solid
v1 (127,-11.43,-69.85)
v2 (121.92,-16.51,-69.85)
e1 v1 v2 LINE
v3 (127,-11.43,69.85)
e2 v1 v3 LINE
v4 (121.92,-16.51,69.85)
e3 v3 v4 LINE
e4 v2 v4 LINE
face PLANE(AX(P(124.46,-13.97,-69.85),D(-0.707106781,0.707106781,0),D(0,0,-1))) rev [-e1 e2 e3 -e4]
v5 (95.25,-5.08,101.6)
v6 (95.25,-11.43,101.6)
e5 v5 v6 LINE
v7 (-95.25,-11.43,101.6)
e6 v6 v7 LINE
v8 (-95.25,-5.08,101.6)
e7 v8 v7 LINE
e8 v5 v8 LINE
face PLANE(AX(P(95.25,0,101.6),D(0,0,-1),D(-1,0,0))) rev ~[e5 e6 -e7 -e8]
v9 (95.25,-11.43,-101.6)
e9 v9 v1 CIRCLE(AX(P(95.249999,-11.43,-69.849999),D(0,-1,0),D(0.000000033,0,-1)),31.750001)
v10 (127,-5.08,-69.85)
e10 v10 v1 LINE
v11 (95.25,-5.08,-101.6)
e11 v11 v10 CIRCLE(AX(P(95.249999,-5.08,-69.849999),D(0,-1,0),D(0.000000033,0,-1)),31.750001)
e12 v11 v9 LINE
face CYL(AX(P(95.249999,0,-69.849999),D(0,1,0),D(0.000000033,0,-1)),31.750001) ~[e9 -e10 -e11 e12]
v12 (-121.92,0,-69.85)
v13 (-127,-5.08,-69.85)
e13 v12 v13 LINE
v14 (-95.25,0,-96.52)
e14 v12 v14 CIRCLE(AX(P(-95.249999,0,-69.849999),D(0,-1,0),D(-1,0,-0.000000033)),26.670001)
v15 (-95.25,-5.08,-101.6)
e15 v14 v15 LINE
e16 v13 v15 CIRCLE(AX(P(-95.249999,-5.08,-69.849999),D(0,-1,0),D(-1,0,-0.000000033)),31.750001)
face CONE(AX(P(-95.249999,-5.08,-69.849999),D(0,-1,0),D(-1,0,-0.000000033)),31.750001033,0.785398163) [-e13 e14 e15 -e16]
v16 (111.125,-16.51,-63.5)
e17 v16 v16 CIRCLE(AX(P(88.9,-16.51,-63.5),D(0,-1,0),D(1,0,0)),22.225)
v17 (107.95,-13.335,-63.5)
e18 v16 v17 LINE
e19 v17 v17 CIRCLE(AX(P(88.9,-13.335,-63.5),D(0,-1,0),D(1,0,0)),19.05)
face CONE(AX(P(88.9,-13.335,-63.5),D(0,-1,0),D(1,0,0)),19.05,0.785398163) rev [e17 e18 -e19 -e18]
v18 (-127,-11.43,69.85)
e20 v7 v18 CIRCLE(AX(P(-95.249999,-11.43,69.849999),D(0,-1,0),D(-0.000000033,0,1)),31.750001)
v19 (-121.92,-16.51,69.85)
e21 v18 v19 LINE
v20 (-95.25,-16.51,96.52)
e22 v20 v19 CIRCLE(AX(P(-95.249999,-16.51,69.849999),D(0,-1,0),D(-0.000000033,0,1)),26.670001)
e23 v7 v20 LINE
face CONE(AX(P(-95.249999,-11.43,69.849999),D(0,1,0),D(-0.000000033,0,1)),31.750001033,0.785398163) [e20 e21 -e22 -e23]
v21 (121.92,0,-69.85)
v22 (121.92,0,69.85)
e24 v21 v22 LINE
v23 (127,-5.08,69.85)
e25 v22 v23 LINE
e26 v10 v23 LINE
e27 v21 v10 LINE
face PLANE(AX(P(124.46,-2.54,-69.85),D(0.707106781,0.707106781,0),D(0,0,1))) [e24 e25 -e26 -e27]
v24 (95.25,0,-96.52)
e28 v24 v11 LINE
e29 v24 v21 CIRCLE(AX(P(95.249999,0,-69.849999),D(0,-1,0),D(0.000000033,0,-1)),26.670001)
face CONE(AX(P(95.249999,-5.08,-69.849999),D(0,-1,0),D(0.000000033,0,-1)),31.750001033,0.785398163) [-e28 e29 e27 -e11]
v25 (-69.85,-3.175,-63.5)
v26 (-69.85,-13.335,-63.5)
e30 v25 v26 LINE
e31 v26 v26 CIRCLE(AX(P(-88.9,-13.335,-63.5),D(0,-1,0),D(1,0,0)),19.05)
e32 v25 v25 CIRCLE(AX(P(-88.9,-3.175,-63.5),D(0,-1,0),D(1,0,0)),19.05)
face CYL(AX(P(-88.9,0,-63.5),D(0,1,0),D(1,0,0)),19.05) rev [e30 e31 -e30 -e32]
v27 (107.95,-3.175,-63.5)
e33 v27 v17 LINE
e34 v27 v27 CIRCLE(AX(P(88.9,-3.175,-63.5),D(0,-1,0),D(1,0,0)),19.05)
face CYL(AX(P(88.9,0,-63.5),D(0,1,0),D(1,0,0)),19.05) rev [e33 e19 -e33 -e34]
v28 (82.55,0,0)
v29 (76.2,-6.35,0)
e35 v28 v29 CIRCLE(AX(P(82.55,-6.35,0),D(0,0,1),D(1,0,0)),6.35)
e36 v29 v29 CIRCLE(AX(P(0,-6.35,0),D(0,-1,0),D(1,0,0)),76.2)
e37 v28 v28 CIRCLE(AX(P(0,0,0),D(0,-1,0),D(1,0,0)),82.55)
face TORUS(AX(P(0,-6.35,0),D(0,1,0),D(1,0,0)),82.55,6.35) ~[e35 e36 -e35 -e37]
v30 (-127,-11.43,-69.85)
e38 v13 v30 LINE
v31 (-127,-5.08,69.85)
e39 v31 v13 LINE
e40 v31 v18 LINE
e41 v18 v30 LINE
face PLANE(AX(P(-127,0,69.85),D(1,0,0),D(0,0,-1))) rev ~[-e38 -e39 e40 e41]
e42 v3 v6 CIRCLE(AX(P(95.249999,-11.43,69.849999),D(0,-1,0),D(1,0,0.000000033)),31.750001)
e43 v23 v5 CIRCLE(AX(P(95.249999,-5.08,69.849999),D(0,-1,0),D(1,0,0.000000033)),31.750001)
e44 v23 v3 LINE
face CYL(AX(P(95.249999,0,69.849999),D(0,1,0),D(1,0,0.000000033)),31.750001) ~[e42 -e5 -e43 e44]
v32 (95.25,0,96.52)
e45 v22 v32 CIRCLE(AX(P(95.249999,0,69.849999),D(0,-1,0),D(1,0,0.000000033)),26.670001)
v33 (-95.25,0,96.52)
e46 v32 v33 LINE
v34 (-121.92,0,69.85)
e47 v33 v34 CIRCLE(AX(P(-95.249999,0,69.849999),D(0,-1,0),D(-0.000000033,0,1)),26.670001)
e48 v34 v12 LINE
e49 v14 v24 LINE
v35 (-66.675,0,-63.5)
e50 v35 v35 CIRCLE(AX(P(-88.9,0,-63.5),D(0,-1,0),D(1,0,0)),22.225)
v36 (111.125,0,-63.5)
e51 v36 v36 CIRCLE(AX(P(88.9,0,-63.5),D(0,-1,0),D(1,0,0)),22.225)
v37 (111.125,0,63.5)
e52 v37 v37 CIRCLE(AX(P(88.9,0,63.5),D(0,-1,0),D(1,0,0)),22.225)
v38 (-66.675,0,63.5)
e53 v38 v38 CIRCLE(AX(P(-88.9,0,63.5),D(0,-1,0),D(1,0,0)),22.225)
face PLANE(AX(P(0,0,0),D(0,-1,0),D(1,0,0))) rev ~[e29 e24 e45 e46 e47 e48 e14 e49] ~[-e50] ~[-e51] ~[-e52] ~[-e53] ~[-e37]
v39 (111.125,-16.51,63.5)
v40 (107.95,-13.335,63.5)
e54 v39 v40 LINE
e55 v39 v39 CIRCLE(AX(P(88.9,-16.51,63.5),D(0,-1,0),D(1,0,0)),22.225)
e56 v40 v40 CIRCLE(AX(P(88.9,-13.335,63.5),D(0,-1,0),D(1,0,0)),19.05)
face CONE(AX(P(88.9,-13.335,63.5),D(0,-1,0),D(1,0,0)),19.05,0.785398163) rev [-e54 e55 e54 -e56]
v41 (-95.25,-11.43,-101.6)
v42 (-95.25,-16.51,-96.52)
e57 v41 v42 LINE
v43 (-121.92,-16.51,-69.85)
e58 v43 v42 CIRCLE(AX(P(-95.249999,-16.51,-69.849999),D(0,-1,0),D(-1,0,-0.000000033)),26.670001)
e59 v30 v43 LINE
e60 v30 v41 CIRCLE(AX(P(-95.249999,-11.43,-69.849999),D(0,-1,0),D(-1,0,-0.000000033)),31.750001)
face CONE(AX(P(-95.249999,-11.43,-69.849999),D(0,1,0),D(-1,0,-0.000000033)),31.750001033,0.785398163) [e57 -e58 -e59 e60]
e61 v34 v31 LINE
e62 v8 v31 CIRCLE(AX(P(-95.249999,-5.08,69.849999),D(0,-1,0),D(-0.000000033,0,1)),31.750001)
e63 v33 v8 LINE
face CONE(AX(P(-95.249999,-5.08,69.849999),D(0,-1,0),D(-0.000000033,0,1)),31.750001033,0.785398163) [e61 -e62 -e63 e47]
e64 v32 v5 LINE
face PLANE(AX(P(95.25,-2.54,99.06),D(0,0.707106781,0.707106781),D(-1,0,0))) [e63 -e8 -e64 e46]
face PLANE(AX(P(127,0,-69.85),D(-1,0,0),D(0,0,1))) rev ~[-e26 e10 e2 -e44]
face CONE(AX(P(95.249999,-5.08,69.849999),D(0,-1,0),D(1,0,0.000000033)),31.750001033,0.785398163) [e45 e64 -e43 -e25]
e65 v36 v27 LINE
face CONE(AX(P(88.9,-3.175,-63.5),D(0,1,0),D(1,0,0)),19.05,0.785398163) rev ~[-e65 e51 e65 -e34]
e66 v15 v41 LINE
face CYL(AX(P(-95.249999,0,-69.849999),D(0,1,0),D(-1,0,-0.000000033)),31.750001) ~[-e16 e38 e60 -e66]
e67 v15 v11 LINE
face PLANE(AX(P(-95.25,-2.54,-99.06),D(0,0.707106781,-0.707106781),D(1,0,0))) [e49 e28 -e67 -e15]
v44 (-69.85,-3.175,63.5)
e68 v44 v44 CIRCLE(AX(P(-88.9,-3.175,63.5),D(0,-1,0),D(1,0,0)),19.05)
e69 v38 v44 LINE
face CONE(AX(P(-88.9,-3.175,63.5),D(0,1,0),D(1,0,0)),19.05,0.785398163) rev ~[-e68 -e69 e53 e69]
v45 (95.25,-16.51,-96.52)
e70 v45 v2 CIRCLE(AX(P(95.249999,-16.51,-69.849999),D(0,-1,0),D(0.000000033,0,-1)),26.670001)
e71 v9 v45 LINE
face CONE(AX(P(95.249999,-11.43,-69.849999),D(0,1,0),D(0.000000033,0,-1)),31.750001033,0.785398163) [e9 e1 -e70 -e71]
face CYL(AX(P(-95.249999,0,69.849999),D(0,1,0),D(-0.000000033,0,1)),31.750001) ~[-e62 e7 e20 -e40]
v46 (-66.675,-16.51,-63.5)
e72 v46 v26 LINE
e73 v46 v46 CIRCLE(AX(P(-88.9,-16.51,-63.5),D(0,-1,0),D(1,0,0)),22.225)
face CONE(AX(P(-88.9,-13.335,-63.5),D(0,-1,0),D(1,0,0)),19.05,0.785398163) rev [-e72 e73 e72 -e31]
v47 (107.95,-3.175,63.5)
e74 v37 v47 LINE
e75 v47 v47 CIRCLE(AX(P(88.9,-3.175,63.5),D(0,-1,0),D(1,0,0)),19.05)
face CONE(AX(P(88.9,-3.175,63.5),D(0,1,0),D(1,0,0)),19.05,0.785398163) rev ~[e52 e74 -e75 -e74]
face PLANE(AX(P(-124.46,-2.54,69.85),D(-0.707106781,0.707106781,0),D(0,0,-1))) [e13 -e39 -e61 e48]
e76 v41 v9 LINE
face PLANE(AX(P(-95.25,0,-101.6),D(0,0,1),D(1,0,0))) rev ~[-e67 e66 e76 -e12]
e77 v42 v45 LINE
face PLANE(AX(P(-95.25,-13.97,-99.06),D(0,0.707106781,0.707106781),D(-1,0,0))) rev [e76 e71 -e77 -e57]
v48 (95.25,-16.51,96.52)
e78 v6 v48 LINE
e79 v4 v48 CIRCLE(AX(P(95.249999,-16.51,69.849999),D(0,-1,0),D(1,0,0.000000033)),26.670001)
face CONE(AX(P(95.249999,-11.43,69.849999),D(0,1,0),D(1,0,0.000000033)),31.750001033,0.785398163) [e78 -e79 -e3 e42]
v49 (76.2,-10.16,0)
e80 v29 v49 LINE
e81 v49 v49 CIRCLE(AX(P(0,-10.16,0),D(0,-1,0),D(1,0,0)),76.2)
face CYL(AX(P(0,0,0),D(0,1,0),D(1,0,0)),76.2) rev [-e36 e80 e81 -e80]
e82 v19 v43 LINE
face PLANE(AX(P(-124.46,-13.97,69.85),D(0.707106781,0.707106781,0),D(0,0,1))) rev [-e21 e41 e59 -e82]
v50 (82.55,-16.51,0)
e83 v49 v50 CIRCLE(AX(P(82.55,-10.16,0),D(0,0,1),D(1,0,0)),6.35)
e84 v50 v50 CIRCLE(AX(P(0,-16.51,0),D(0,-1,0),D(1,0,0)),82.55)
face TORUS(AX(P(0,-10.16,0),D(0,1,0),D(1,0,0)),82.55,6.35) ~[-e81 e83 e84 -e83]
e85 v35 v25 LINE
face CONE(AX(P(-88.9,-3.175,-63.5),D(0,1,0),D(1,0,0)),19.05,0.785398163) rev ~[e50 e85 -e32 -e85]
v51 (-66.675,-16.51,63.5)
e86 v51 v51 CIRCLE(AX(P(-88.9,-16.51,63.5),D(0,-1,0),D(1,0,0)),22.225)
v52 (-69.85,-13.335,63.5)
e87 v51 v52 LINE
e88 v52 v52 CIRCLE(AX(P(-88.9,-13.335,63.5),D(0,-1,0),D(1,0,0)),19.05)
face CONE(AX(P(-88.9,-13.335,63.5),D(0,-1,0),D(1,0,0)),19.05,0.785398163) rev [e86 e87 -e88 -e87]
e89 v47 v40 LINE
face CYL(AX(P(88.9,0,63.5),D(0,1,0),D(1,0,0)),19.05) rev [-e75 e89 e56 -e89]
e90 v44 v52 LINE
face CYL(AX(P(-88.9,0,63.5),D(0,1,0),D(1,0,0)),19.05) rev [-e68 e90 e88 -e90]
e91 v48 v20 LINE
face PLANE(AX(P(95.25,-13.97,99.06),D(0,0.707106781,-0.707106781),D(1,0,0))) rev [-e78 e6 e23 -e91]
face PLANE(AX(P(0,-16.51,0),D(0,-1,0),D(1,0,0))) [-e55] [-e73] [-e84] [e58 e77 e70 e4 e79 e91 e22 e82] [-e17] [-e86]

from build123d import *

# Parameters (mm, degrees)
F0_R     = 19.05
F0_R_2   = 76.2
F1_DEPTH = 16.51
F2_SIZE  = 5.08
F3_SIZE  = 5.08
F4_SIZE  = 3.175
F5_R     = 6.35


with BuildPart() as f1:
    # F0 (on Front) → F1 (new body)
    with BuildSketch(Plane.XZ):
        with BuildLine():
            Line((95.25, 101.6), (-95.25, 101.6))
            ThreePointArc((-95.25, 101.6), (-117.70064, 92.30064), (-127, 69.85))
            Line((-127, 69.85), (-127, -69.85))
            ThreePointArc((-127, -69.85), (-117.70064, -92.30064), (-95.25, -101.6))
            Line((-95.25, -101.6), (95.25, -101.6))
            ThreePointArc((95.25, -101.6), (117.70064, -92.30064), (127, -69.85))
            Line((127, -69.85), (127, 69.85))
            ThreePointArc((127, 69.85), (117.70064, 92.30064), (95.25, 101.6))
        make_face()
        with Locations((-88.9, -63.5)):
            Circle(F0_R, mode=Mode.SUBTRACT)
        with Locations((88.9, -63.5)):
            Circle(F0_R, mode=Mode.SUBTRACT)
        Circle(F0_R_2, mode=Mode.SUBTRACT)
        with Locations((-88.9, 63.5)):
            Circle(F0_R, mode=Mode.SUBTRACT)
        with Locations((88.9, 63.5)):
            Circle(F0_R, mode=Mode.SUBTRACT)
    extrude(amount=F1_DEPTH)

    # F2
    f2_edges = [f1.edges().sort_by_distance(p)[0] for p in [
        (0, -16.51, 101.6),
        (-117.70064, -16.51, 92.30064),
    ]]
    chamfer(f2_edges, length=F2_SIZE)

    # F3
    f3_edges = [f1.edges().sort_by_distance(p)[0] for p in [
        (127, 0, 0),
    ]]
    chamfer(f3_edges, length=F3_SIZE)

    # F4
    f4_edges = [f1.edges().sort_by_distance(p)[0] for p in [
        (-107.95, -16.51, 63.5),
        (69.85, -16.51, 63.5),
        (69.85, -16.51, -63.5),
        (-107.95, -16.51, -63.5),
        (-107.95, 0, 63.5),
        (69.85, 0, 63.5),
        (69.85, 0, -63.5),
        (-107.95, 0, -63.5),
    ]]
    chamfer(f4_edges, length=F4_SIZE)

    # F5
    f5_edges = [f1.edges().sort_by_distance(p)[0] for p in [
        (-76.2, 0, 0),
        (-76.2, -16.51, 0),
    ]]
    fillet(f5_edges, radius=F5_R)


solid = f1.part
